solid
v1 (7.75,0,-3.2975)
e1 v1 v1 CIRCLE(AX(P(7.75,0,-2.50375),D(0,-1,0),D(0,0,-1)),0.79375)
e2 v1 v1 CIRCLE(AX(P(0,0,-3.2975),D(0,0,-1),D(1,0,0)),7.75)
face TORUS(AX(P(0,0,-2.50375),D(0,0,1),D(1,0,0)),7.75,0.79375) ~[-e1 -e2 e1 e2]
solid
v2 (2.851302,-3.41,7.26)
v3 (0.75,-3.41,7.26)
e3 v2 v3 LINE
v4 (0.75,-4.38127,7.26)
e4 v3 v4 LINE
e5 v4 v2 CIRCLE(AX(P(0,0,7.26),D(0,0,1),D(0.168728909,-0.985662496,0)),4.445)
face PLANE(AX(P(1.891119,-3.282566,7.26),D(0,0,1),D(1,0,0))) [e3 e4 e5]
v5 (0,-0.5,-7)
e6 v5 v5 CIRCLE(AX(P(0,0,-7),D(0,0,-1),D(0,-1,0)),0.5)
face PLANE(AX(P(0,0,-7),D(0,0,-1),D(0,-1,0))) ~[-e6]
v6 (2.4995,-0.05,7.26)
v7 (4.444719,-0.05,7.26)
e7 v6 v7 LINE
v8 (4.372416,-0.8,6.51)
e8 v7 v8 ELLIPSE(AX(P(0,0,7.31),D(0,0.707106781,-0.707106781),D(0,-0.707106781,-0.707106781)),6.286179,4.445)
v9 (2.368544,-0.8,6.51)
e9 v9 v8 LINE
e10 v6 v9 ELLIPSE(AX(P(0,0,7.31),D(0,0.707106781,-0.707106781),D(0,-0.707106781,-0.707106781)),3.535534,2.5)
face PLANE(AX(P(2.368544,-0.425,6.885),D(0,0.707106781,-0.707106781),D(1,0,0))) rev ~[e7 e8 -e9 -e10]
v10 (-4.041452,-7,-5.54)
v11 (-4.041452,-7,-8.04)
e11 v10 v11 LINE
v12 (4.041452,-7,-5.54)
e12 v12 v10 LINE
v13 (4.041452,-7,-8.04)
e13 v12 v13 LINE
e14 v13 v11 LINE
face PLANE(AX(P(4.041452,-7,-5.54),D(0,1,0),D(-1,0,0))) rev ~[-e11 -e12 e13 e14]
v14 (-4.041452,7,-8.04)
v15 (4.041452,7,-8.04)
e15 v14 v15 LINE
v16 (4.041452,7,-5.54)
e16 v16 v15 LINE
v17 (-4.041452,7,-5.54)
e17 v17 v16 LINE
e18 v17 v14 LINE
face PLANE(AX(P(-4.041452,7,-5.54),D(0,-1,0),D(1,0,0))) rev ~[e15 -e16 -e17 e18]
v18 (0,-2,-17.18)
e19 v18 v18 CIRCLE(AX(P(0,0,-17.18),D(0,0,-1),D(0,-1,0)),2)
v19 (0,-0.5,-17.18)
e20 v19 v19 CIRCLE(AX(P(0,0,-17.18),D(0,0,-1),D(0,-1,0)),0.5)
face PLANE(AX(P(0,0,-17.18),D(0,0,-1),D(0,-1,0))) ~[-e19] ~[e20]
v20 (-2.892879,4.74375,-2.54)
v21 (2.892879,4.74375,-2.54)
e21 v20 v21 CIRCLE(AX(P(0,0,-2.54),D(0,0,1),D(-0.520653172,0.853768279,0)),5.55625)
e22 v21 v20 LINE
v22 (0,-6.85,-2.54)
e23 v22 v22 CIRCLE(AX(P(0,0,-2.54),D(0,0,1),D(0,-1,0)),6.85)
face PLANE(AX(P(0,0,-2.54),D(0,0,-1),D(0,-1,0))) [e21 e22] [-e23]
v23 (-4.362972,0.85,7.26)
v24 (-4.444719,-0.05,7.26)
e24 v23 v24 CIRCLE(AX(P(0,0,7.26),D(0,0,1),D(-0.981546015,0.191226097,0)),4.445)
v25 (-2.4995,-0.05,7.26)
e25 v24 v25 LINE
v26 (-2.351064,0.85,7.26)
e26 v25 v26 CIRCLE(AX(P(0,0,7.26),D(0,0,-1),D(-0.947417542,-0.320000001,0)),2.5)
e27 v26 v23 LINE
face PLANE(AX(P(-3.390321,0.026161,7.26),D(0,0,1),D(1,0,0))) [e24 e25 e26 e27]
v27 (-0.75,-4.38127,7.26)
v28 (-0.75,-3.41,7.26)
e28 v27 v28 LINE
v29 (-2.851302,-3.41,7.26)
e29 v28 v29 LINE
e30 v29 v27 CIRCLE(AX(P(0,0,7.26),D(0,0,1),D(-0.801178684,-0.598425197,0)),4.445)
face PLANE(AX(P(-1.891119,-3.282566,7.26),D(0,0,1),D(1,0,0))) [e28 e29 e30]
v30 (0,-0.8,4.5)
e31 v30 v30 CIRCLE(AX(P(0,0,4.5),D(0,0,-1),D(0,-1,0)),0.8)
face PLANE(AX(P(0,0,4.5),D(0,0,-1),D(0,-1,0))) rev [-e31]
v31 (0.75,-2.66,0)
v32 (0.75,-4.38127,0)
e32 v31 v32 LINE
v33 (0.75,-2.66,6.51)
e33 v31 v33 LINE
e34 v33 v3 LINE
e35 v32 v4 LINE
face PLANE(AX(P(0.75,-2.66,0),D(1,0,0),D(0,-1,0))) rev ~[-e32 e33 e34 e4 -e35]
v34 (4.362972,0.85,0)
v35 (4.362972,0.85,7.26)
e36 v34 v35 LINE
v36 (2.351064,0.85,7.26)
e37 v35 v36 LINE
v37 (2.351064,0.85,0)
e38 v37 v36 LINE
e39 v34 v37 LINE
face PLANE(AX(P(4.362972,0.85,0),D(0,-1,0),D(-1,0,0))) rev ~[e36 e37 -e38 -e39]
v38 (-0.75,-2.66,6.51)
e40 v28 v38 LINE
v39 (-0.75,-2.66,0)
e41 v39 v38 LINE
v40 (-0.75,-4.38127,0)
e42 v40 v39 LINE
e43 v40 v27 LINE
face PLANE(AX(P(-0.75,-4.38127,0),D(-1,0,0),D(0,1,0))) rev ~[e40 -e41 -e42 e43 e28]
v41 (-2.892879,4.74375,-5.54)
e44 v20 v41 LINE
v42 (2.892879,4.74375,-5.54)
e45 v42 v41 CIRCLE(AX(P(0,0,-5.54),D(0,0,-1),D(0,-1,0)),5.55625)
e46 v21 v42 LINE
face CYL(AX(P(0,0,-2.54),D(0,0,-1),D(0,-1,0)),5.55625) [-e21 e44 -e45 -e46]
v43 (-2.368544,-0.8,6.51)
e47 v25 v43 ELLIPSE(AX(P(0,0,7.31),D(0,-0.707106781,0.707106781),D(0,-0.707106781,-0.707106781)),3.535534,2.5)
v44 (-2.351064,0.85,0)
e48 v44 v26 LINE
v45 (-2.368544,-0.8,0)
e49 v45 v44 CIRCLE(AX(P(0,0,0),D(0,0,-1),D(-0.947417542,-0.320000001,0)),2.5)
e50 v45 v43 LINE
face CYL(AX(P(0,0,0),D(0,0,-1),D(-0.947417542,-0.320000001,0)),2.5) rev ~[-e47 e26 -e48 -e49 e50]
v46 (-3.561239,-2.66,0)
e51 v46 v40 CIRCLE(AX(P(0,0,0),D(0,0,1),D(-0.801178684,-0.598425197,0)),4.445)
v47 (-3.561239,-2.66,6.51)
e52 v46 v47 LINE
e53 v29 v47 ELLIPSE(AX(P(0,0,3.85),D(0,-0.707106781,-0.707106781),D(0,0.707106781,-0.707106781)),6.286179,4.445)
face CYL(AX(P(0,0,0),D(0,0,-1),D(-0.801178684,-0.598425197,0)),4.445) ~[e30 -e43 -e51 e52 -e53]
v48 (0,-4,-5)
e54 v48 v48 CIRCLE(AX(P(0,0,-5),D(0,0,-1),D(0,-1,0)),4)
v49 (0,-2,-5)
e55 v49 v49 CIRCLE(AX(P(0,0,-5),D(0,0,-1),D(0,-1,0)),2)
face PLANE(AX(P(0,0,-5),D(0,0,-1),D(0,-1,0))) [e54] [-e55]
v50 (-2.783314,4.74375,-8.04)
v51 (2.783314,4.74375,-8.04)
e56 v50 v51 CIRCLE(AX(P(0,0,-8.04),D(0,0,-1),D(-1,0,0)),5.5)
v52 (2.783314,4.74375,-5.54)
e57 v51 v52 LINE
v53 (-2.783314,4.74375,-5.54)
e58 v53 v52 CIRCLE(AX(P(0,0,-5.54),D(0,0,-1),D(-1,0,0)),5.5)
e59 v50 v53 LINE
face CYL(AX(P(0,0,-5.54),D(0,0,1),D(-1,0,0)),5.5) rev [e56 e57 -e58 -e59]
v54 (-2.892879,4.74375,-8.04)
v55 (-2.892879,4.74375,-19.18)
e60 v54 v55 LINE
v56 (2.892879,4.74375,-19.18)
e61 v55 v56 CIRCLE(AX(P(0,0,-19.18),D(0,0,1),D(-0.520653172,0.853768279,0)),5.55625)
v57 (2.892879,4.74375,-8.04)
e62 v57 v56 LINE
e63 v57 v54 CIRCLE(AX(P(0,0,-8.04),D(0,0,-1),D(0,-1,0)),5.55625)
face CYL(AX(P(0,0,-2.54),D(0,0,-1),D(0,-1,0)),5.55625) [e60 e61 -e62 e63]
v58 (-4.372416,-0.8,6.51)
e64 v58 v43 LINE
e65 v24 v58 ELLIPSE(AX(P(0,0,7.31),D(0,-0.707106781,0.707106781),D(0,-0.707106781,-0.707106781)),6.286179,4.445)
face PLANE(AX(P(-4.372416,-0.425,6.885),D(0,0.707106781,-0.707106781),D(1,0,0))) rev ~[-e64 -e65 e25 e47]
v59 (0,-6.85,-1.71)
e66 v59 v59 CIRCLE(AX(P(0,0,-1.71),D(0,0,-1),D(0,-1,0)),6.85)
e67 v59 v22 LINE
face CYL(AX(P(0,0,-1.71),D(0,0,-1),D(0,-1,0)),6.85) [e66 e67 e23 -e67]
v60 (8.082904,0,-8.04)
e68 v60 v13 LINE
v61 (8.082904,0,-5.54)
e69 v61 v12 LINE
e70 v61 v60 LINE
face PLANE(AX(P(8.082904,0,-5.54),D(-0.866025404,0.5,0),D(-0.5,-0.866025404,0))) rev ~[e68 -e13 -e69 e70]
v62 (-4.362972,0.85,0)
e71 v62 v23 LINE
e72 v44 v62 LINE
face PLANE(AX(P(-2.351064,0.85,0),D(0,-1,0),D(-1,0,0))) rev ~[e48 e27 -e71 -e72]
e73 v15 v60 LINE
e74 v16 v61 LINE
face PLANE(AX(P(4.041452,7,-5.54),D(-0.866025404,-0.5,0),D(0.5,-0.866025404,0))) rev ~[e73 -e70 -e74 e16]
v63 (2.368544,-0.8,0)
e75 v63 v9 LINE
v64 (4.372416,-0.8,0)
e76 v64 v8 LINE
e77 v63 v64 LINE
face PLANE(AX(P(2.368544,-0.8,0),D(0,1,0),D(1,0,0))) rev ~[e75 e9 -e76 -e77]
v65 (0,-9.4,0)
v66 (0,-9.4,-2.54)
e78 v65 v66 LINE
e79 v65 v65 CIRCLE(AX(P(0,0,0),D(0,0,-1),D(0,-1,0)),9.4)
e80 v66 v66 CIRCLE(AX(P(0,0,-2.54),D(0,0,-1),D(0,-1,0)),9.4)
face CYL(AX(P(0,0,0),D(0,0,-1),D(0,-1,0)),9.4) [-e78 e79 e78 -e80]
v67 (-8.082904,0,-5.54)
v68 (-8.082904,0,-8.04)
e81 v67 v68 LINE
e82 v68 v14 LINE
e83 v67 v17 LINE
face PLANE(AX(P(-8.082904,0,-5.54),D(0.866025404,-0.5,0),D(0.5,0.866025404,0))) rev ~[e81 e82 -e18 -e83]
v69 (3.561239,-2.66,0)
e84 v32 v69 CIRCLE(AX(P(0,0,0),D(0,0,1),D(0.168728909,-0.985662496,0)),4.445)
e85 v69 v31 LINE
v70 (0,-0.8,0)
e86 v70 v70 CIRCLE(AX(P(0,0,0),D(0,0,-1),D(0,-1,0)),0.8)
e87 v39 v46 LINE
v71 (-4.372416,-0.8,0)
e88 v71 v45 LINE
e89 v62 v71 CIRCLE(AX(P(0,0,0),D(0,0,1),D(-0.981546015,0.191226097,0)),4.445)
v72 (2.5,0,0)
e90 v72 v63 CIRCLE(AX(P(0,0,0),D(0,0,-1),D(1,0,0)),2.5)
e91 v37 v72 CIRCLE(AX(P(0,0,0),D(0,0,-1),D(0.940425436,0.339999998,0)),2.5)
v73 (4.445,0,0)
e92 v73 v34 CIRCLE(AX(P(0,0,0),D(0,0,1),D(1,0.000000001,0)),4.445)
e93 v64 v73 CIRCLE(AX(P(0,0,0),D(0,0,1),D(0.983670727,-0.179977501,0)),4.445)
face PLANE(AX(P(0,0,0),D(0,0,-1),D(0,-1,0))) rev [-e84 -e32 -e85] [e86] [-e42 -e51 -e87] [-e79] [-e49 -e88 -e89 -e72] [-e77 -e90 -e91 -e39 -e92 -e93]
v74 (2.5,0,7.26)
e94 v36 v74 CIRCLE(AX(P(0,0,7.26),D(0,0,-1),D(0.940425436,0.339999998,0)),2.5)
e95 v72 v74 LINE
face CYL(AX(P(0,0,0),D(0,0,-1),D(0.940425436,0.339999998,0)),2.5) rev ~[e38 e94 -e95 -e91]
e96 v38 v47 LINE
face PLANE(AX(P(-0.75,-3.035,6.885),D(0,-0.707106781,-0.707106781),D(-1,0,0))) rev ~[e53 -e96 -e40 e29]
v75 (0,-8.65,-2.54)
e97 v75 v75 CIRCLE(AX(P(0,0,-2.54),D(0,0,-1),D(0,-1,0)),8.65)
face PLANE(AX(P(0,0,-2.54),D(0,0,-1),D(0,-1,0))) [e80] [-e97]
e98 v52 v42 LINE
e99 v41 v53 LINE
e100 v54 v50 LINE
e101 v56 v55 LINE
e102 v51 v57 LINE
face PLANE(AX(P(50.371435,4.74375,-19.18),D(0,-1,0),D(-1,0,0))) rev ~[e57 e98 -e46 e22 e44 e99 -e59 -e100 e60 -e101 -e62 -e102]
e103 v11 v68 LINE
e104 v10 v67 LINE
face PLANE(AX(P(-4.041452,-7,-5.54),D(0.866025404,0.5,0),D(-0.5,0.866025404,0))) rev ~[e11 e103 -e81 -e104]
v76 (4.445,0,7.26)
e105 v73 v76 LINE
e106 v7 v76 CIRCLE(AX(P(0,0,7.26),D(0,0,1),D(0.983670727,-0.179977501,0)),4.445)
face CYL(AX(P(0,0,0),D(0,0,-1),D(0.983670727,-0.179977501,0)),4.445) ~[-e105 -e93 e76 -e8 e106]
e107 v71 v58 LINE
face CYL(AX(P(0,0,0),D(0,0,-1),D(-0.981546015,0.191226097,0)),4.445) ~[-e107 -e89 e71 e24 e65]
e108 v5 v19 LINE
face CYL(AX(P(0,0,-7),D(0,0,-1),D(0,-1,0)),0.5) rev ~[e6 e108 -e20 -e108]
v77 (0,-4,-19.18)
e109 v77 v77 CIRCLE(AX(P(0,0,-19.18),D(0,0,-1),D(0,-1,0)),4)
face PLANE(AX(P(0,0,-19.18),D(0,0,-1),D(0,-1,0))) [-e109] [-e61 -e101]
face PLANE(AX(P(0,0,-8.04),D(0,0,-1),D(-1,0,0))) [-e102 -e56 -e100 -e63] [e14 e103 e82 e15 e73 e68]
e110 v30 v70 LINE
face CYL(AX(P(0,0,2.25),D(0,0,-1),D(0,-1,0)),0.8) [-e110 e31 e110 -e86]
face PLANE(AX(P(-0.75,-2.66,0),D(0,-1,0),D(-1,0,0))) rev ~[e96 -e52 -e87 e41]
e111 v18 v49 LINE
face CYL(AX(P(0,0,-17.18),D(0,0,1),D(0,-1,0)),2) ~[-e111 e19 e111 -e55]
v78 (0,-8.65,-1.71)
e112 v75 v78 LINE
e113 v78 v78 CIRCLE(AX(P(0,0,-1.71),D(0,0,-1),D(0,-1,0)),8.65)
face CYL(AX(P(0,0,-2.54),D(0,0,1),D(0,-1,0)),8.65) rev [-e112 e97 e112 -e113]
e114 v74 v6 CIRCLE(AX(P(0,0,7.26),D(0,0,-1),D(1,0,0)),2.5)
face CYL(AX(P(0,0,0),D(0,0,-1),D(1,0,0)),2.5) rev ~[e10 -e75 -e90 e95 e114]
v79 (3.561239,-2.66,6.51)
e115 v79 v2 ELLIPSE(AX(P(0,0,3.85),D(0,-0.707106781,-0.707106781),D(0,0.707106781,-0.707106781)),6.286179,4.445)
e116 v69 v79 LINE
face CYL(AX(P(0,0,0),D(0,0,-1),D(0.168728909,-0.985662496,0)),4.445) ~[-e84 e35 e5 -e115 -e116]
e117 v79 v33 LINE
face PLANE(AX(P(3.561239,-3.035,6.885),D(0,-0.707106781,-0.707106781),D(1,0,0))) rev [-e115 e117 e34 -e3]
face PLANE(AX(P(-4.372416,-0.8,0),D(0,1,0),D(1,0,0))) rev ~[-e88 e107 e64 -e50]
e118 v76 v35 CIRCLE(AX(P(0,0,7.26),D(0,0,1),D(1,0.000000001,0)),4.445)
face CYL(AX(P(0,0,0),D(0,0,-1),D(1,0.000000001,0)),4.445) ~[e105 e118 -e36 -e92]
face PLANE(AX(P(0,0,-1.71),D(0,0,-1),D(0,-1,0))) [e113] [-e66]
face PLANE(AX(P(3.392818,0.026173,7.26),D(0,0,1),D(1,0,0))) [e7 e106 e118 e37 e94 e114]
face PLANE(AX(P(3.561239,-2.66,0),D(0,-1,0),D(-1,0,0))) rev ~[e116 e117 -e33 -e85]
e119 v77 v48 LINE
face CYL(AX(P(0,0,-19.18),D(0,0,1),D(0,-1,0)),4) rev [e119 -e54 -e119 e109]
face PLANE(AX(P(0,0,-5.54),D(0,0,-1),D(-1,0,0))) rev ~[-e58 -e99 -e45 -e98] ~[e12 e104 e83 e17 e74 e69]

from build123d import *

# Parameters (mm, degrees)
SKETCH1_W           = 4.5
SKETCH1_H           = 0.8
BOSS_EXTRUDE1_DEPTH = 7.26
BOSS_EXTRUDE2_DEPTH = 7.26
CUT_EXTRUDE1_DEPTH  = 16.64
SKETCH4_R           = 0.79375
CHAMFER1_SIZE       = 0.75
BOSS_EXTRUDE3_START = 3
SKETCH5_R           = 5.5
BOSS_EXTRUDE3_DEPTH = 2.5


with BuildPart() as part:
    # Sketch1 → Revolve1 (revolve)
    with BuildSketch(Plane(origin=(0, 0, 0), x_dir=(0, 0, -1), z_dir=(1, 0, 0)), mode=Mode.PRIVATE) as revolve1_sk:
        Polygon((2.54, 8.65), (1.71, 8.65), (1.71, 6.85), (2.54, 6.85), (2.54, 5.55625), (19.18, 5.55625), (19.18, 4), (5, 4), (5, 0), (0, 0), (0, 9.4), (2.54, 9.4), align=None)
        with Locations((-2.25, 0.4)):
            Rectangle(SKETCH1_W, SKETCH1_H)
    revolve(revolve1_sk.sketch.rotate(Axis((0, 0, -7), (0, 0, -1)), 180), axis=Axis((0, 0, -7), (0, 0, -1)))

    # Sketch2 → Boss-Extrude1 (add)
    with BuildSketch(Plane.XY):
        with BuildLine():
            ThreePointArc((-4.362972037, 0.85), (-4.444927187, 0.02544207), (-4.37241638, -0.8))
            Line((-4.37241638, -0.8), (-2.368543856, -0.8))
            ThreePointArc((-2.368543856, -0.8), (-2.499859718, 0.026483767), (-2.351063589, 0.85))
            Line((-2.351063589, 0.85), (-4.362972037, 0.85))
        make_face()
        with BuildLine():
            ThreePointArc((2.5, 0), (2.466917068, -0.405364255), (2.368543856, -0.8))
            Line((2.368543856, -0.8), (4.37241638, -0.8))
            ThreePointArc((4.37241638, -0.8), (4.426816904, -0.401642995), (4.445, 0))
            ThreePointArc((4.445, 0), (4.424445485, 0.42697441), (4.362972037, 0.85))
            Line((4.362972037, 0.85), (2.351063589, 0.85))
            ThreePointArc((2.351063589, 0.85), (2.462484413, 0.431474812), (2.5, 0))
        make_face()
    extrude(amount=BOSS_EXTRUDE1_DEPTH)

    # Sketch2<3> → Boss-Extrude2 (add)
    with BuildSketch(Plane.XY):
        with BuildLine():
            Line((-0.75, -2.66), (-3.561239251, -2.66))
            ThreePointArc((-3.561239251, -2.66), (-2.321074836, -3.790862251), (-0.75, -4.381269793))
            Line((-0.75, -4.381269793), (-0.75, -2.66))
        make_face()
        with BuildLine():
            Line((0.75, -2.66), (0.75, -4.381269793))
            ThreePointArc((0.75, -4.381269793), (2.321074836, -3.790862251), (3.561239251, -2.66))
            Line((3.561239251, -2.66), (0.75, -2.66))
        make_face()
    extrude(amount=BOSS_EXTRUDE2_DEPTH)

    # Sketch3 → Cut-Extrude1 (cut)
    with BuildSketch(Plane(origin=(0, 0, -19.18), x_dir=(-1, 0, 0), z_dir=(0, 0, -1))):
        Polygon((-50.371435341, 4.74375), (-2.892879189, 4.74375), (2.892879189, 4.74375), (50.371435341, 4.74375), (50.371435341, 99.700862304), (-50.371435341, 99.700862304), align=None)
    extrude(amount=-CUT_EXTRUDE1_DEPTH, mode=Mode.SUBTRACT)

    # Chamfer1
    chamfer1_edges = [part.edges().sort_by_distance(p)[0] for p in [
        (-3.370480118, -0.8, 7.26),
        (3.370480118, -0.8, 7.26),
        (-2.155619625, -2.66, 7.26),
        (2.155619625, -2.66, 7.26),
    ]]
    chamfer(chamfer1_edges, length=CHAMFER1_SIZE)


with BuildPart() as body_2:
    # Sketch1<3> → Revolve2 (revolve)
    with BuildSketch(Plane(origin=(0, 0, 0), x_dir=(0, 0, -1), z_dir=(1, 0, 0)), mode=Mode.PRIVATE) as revolve2_sk:
        Polygon((5, 2), (5, 0), (7, 0), (7, 0.5), (17.18, 0.5), (17.18, 2), align=None)
    revolve(revolve2_sk.sketch.rotate(Axis((0, 0, -7), (0, 0, -1)), 180), axis=Axis((0, 0, -7), (0, 0, -1)))


    add(part.part)  # Boss-Extrude3 merges part
    # Sketch5 → Boss-Extrude3 (add)
    with BuildSketch(Plane(origin=(0, 0, -2.54), x_dir=(-1, 0, 0), z_dir=(0, 0, -1)).offset(BOSS_EXTRUDE3_START)):
        Polygon((4.041451884, 7), (-4.041451884, 7), (-8.082903769, 0), (-4.041451884, -7), (4.041451884, -7), (8.082903769, 0), align=None)
        Circle(SKETCH5_R, mode=Mode.SUBTRACT)
    extrude(amount=BOSS_EXTRUDE3_DEPTH)


with BuildPart() as body_3:
    # Sketch4 → Revolve3 (revolve)
    with BuildSketch(Plane(origin=(0, 0, 0), x_dir=(0, 0, -1), z_dir=(1, 0, 0)), mode=Mode.PRIVATE) as revolve3_sk:
        with Locations((2.50375, 7.75)):
            Circle(SKETCH4_R)
    revolve(revolve3_sk.sketch.rotate(Axis((0, 0, 0), (0, 0, -1)), 90), axis=Axis((0, 0, 0), (0, 0, -1)))


solid = Compound([body_2.part, body_3.part])
